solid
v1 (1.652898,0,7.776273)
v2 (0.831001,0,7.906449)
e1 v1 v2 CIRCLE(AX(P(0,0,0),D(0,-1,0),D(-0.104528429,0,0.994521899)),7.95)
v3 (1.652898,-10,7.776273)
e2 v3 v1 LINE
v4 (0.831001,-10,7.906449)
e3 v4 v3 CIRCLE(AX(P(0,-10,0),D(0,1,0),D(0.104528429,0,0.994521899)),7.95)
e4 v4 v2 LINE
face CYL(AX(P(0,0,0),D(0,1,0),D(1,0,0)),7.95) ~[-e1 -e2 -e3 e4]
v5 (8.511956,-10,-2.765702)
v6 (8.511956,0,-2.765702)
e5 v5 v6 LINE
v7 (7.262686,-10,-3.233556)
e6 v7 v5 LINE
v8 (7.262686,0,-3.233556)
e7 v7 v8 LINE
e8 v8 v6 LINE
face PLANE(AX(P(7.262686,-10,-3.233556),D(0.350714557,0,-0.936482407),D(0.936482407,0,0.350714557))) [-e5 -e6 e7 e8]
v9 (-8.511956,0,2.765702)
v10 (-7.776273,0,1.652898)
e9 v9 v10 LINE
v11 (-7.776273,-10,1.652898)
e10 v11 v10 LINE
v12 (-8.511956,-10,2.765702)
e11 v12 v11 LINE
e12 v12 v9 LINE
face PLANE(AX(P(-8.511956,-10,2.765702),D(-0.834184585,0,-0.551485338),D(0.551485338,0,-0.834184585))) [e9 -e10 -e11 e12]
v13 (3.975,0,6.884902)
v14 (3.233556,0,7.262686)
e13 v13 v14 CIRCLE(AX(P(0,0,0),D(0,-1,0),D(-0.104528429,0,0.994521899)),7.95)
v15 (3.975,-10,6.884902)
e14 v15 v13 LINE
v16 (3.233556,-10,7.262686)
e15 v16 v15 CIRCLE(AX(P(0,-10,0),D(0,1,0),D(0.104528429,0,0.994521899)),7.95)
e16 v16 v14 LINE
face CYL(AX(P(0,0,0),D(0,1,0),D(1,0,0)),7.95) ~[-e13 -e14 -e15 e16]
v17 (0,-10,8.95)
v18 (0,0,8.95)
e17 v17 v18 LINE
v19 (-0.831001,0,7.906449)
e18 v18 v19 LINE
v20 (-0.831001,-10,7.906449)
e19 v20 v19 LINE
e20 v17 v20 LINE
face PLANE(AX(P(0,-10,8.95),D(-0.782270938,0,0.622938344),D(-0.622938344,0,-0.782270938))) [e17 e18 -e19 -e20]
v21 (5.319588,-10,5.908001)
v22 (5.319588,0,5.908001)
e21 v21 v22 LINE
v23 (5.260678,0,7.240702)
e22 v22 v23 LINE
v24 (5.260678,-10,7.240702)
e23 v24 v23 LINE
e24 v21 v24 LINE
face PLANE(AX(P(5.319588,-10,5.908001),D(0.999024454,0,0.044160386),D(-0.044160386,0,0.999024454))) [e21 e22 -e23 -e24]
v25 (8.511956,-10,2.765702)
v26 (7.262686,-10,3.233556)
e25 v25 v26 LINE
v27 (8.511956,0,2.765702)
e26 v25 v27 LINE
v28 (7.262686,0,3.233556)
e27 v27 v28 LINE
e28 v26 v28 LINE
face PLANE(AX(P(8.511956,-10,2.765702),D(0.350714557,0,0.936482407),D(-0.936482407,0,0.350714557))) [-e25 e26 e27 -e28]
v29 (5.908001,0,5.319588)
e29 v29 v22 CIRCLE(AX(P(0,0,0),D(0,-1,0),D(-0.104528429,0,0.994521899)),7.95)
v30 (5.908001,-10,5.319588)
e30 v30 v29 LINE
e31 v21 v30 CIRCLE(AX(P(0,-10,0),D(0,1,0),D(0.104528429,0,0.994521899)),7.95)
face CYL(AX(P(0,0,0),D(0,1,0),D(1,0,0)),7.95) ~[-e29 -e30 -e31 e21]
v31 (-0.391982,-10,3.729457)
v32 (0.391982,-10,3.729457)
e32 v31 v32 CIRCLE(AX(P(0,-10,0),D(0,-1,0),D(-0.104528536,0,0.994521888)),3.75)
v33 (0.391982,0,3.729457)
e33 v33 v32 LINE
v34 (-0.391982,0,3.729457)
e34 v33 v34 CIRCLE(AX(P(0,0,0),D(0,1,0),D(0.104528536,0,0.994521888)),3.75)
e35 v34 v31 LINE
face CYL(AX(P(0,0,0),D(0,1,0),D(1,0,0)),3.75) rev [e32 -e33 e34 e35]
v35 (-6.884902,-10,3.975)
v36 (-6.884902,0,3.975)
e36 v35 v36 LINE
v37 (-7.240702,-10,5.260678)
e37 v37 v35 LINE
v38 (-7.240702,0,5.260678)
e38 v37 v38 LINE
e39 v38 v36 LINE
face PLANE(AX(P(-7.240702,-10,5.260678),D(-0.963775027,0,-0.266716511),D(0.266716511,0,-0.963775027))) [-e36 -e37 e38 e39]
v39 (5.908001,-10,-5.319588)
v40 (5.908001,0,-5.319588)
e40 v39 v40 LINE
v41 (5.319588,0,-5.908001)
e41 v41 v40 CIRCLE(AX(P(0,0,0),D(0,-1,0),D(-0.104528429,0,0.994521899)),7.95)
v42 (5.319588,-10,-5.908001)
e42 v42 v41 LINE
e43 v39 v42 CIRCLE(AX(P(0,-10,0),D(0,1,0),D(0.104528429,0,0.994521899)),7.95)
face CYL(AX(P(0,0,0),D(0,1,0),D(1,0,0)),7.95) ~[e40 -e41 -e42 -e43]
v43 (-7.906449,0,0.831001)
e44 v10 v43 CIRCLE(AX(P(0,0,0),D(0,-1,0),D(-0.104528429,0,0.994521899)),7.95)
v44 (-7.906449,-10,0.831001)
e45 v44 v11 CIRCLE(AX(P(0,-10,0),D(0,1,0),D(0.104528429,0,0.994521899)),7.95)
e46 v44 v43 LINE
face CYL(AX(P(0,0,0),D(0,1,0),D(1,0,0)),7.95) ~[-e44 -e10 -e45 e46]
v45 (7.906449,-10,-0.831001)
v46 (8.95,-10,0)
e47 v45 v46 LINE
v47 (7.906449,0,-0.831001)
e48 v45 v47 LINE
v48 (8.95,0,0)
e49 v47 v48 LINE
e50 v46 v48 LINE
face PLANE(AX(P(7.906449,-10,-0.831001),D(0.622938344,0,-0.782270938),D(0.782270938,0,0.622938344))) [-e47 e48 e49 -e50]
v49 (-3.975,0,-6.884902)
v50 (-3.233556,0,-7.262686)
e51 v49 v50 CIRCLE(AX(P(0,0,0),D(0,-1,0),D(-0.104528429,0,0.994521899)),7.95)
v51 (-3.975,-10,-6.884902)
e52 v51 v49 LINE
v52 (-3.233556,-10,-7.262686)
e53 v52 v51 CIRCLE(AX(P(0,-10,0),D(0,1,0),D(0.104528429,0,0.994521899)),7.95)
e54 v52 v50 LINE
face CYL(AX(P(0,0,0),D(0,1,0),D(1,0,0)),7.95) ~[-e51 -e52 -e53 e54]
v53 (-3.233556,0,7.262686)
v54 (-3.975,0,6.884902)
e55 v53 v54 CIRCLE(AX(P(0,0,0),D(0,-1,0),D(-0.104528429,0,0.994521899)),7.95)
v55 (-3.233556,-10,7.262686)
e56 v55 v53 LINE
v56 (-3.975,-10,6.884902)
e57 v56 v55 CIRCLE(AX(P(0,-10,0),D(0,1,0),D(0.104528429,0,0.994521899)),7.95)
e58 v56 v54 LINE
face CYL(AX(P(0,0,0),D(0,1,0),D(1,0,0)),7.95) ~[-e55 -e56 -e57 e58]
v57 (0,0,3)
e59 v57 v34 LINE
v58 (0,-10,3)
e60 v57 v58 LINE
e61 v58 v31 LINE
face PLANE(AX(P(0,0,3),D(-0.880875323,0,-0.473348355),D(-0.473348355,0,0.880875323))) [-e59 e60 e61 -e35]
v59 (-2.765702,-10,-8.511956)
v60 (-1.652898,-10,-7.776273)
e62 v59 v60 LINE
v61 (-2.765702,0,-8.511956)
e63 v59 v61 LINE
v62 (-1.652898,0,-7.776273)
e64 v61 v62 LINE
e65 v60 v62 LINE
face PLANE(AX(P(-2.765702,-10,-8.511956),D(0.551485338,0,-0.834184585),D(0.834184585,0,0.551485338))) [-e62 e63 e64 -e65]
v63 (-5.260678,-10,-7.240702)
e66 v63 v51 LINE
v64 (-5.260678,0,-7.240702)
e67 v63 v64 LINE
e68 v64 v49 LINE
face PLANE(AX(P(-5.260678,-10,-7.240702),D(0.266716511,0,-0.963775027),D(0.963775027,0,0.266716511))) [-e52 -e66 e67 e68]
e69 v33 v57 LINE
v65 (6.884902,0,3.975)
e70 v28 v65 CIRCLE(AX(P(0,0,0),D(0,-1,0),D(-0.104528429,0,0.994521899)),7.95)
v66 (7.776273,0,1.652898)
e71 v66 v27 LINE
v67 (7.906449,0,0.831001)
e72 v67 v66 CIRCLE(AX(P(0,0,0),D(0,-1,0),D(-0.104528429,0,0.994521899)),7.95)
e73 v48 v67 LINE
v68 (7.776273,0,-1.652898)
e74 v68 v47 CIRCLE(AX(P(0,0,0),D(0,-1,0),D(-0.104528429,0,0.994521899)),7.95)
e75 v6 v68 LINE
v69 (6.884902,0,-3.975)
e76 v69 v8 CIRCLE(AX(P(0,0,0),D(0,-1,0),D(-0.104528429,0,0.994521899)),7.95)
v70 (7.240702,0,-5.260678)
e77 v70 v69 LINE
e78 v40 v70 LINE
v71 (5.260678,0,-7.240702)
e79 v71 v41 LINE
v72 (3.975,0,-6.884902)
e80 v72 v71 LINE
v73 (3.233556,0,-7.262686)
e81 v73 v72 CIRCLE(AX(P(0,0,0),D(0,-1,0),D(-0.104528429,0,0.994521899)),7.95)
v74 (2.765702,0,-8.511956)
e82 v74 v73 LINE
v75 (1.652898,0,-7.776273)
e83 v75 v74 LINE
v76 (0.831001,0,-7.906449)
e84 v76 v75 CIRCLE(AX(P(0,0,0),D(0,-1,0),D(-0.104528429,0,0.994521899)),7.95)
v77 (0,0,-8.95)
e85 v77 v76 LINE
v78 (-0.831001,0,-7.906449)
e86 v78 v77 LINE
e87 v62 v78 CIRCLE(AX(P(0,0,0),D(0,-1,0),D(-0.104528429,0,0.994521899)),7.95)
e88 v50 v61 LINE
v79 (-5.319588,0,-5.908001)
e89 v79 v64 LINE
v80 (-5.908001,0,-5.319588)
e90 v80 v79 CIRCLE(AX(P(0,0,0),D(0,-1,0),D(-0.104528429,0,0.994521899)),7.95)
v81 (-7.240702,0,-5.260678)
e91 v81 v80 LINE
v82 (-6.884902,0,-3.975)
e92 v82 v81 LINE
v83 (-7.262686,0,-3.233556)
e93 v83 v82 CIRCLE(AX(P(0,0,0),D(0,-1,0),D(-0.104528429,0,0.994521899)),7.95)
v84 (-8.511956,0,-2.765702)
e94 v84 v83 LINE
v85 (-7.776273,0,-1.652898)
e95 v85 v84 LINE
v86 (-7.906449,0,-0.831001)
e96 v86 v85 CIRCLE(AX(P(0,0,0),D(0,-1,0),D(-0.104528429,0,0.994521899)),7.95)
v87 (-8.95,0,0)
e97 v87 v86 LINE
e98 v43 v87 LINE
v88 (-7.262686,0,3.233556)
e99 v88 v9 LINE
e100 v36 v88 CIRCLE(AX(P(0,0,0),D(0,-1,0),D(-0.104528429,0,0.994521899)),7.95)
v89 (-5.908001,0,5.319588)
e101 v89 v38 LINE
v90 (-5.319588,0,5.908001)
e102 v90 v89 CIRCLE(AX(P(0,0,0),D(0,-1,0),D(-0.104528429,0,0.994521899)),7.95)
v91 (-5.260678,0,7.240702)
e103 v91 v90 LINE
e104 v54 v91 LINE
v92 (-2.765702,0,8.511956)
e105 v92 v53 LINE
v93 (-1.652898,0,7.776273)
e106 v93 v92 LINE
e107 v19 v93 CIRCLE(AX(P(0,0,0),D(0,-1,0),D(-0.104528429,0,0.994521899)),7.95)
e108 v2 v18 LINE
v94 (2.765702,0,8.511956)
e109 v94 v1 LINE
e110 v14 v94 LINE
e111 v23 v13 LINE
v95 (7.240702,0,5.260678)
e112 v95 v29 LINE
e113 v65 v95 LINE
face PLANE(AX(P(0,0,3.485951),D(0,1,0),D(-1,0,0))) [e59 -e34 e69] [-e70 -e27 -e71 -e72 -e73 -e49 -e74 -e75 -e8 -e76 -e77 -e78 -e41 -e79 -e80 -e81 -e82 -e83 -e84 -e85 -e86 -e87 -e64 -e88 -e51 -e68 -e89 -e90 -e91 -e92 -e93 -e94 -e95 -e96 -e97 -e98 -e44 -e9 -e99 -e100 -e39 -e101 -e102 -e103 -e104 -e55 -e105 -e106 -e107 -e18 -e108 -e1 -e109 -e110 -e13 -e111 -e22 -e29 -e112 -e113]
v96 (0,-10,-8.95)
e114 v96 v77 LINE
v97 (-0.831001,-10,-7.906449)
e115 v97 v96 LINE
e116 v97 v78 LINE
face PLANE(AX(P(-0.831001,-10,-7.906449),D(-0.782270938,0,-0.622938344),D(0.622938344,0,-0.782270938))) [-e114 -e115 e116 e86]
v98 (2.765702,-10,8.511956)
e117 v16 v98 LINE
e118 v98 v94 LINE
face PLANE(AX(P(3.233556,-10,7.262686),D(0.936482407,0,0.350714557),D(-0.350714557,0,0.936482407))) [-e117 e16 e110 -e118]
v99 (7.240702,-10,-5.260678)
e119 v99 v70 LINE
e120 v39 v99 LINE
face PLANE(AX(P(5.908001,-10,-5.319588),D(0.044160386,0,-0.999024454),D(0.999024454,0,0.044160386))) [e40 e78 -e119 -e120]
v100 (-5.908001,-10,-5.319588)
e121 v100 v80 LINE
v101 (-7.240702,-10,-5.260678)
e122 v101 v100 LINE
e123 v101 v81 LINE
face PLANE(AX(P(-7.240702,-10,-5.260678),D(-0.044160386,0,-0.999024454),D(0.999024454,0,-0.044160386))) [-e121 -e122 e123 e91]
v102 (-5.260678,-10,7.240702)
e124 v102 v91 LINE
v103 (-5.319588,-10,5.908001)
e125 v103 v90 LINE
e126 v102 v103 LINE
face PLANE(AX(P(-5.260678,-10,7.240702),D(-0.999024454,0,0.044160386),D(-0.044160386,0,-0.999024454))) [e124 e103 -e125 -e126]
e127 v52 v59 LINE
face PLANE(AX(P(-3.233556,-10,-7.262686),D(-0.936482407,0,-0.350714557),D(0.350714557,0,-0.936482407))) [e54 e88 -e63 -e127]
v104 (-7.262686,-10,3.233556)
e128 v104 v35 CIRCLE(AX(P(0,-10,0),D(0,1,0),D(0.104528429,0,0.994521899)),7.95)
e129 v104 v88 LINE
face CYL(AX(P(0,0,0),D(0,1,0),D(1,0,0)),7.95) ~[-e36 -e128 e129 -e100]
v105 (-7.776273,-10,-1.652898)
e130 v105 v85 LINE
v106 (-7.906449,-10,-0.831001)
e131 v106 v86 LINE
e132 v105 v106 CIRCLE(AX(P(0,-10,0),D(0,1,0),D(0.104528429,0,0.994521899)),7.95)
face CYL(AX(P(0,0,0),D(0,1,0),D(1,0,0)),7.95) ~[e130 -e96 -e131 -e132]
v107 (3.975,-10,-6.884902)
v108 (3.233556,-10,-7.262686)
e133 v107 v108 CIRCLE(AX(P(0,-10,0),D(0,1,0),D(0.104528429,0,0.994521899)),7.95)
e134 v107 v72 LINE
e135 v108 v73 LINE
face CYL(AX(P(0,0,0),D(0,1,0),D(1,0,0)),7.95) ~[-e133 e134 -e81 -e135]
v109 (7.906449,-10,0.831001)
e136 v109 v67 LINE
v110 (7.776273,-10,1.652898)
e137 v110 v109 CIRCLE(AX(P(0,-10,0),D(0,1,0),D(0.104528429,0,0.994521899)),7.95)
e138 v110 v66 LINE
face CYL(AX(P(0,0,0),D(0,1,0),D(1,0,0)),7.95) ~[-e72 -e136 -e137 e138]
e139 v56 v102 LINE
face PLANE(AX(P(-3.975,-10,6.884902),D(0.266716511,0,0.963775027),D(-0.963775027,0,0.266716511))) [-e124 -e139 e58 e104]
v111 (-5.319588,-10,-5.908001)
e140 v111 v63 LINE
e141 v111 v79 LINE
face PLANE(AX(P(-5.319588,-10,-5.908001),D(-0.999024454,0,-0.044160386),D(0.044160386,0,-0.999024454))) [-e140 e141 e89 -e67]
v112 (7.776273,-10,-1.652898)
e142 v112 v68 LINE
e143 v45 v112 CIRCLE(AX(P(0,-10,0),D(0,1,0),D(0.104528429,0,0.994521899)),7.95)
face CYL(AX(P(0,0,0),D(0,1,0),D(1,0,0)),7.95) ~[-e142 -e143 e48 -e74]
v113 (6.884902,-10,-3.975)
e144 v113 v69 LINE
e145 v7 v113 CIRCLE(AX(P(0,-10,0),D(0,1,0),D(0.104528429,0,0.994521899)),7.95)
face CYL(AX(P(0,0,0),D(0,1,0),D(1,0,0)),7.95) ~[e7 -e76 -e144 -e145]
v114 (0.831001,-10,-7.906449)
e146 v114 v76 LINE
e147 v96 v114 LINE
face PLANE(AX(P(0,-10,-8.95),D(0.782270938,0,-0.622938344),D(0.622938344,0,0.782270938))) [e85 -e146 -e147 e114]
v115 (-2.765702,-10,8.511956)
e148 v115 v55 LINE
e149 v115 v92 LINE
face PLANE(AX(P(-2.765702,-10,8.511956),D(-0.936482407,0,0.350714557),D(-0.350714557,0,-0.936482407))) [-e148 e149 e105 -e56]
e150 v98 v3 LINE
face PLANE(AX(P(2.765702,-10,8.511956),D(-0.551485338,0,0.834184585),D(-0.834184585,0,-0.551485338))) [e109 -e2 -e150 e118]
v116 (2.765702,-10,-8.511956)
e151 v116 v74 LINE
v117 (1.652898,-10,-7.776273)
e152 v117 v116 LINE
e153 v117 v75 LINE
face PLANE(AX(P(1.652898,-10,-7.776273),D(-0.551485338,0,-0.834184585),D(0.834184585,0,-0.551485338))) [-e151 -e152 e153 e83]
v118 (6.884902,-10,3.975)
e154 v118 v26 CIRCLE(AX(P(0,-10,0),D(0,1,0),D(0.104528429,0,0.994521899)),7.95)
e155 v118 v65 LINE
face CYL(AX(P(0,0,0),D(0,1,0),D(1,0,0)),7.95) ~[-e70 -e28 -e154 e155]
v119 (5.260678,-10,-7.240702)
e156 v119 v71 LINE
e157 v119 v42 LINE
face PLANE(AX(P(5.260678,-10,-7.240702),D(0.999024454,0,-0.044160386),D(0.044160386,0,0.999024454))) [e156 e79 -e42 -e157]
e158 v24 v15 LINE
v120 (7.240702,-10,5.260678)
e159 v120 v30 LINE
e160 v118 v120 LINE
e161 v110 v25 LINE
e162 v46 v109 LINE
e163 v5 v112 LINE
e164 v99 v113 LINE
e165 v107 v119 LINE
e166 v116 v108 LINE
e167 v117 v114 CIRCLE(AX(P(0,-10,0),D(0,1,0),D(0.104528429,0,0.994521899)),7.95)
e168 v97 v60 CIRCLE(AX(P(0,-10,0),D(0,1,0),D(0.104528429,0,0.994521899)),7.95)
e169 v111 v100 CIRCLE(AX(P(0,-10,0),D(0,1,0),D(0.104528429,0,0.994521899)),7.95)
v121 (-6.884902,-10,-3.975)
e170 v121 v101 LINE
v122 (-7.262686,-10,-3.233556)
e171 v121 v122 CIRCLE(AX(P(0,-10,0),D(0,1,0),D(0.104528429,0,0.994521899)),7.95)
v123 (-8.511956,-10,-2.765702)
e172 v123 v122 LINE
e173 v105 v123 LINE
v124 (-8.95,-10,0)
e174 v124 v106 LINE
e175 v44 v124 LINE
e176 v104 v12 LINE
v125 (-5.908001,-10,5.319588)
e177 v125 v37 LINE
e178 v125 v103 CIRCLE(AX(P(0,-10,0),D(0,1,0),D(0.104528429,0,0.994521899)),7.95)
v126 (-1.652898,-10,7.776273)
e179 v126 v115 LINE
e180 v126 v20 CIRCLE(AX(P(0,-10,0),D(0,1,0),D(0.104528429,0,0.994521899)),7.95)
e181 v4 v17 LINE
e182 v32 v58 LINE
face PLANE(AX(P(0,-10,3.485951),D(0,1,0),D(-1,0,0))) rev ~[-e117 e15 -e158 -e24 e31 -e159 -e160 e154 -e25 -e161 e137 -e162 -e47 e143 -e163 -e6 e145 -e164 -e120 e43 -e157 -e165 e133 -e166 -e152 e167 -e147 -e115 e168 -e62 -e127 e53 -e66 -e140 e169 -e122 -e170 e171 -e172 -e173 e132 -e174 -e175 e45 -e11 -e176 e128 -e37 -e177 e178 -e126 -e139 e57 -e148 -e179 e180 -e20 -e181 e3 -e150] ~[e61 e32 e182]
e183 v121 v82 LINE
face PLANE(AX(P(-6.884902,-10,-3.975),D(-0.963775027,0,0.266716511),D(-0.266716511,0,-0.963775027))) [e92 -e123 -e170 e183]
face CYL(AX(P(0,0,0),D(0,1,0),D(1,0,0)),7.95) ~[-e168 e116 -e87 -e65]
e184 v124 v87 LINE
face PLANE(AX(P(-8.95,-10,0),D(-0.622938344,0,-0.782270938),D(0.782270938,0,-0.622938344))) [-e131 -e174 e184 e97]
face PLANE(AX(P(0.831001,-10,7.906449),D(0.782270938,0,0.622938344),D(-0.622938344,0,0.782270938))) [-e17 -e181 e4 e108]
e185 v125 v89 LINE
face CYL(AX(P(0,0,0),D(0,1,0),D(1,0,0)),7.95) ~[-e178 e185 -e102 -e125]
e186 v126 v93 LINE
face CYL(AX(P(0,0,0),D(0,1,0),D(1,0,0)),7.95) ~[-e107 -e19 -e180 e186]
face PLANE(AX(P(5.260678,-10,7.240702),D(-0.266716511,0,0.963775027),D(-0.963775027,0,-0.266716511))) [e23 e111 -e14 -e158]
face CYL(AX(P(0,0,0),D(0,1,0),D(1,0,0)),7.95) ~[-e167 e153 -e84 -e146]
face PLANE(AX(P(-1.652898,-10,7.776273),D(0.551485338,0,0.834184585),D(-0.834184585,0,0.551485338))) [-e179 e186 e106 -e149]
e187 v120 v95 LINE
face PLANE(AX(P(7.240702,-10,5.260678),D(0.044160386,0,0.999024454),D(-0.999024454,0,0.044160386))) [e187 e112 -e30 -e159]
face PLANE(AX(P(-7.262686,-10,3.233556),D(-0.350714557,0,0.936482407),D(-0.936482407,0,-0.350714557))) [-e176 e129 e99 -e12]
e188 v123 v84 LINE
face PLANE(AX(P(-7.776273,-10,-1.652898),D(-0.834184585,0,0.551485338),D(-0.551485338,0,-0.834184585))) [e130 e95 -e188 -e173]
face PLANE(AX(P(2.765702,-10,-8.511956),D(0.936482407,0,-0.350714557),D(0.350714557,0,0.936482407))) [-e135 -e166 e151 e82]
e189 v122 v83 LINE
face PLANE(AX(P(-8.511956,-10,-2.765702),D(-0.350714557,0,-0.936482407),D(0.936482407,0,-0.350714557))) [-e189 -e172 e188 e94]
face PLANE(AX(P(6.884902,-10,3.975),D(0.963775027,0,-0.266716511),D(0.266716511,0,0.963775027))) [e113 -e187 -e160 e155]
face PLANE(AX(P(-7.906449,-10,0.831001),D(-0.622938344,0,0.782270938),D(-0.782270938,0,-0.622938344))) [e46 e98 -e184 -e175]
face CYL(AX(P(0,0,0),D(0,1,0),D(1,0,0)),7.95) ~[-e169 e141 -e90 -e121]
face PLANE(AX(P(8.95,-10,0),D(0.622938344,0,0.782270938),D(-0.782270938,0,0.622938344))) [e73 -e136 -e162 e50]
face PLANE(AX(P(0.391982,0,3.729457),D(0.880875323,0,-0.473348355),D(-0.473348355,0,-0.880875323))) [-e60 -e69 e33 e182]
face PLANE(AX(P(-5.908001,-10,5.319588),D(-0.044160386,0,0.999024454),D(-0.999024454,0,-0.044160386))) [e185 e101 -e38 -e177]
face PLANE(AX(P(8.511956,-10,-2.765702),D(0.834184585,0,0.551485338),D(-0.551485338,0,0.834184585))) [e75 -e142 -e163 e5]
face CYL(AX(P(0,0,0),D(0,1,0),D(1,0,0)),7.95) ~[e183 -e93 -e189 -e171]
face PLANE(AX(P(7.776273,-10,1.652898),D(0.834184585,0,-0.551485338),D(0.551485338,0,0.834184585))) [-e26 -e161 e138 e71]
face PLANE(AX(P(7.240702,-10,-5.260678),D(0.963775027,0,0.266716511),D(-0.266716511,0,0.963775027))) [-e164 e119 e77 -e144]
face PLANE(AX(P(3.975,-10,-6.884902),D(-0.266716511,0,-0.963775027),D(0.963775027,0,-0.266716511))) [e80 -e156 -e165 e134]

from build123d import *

# Parameters (mm, degrees)
F0_R     = 7.95
F0_R_2   = 3.75
F1_DEPTH = 10
F3_DEPTH = 10
F4_COUNT = 20
F6_DEPTH = 10


with BuildPart() as f1:
    # F0 (on Front) → F1 (new body)
    with BuildSketch(Plane.XZ):
        Circle(F0_R)
        Circle(F0_R_2, mode=Mode.SUBTRACT)
    extrude(amount=F1_DEPTH)

    # F2 (on face) → F3 (join, through all)
    with BuildSketch(Plane.XZ.offset(10)):
        with BuildLine():
            ThreePointArc((-0.831001, 7.906449), (0, 7.95), (0.831001, 7.906449))
            Line((0.831001, 7.906449), (0, 8.95))
            Line((0, 8.95), (-0.831001, 7.906449))
        make_face()
    extrude(amount=-F3_DEPTH)

    # F4: F1 ×20 about axis
    f4_axis = Axis((0, 0, 0), (0, 1, 0))


with BuildPart() as f1_1:
    add(f1.part)
    for i in range(1, F4_COUNT):
        add(f1.part.rotate(f4_axis, i * 360 / F4_COUNT))

    # F5 (on face) → F6 (join, through all)
    with BuildSketch(Plane(origin=(0, 0, 0), x_dir=(-1, 0, 0), z_dir=(0, 1, 0))):
        with BuildLine():
            Line((-0.391982, 3.729457), (0, 3))
            Line((0, 3), (0.391982, 3.729457))
            ThreePointArc((0.391982, 3.729457), (0, 3.75), (-0.391982, 3.729457))
        make_face()
        with BuildLine():
            Line((0, 4.064701), (-0.391982, 3.729457))
            ThreePointArc((-0.391982, 3.729457), (0, 3.75), (0.391982, 3.729457))
            Line((0.391982, 3.729457), (0, 4.064701))
        make_face()
    extrude(amount=-F6_DEPTH)


solid = f1_1.part
